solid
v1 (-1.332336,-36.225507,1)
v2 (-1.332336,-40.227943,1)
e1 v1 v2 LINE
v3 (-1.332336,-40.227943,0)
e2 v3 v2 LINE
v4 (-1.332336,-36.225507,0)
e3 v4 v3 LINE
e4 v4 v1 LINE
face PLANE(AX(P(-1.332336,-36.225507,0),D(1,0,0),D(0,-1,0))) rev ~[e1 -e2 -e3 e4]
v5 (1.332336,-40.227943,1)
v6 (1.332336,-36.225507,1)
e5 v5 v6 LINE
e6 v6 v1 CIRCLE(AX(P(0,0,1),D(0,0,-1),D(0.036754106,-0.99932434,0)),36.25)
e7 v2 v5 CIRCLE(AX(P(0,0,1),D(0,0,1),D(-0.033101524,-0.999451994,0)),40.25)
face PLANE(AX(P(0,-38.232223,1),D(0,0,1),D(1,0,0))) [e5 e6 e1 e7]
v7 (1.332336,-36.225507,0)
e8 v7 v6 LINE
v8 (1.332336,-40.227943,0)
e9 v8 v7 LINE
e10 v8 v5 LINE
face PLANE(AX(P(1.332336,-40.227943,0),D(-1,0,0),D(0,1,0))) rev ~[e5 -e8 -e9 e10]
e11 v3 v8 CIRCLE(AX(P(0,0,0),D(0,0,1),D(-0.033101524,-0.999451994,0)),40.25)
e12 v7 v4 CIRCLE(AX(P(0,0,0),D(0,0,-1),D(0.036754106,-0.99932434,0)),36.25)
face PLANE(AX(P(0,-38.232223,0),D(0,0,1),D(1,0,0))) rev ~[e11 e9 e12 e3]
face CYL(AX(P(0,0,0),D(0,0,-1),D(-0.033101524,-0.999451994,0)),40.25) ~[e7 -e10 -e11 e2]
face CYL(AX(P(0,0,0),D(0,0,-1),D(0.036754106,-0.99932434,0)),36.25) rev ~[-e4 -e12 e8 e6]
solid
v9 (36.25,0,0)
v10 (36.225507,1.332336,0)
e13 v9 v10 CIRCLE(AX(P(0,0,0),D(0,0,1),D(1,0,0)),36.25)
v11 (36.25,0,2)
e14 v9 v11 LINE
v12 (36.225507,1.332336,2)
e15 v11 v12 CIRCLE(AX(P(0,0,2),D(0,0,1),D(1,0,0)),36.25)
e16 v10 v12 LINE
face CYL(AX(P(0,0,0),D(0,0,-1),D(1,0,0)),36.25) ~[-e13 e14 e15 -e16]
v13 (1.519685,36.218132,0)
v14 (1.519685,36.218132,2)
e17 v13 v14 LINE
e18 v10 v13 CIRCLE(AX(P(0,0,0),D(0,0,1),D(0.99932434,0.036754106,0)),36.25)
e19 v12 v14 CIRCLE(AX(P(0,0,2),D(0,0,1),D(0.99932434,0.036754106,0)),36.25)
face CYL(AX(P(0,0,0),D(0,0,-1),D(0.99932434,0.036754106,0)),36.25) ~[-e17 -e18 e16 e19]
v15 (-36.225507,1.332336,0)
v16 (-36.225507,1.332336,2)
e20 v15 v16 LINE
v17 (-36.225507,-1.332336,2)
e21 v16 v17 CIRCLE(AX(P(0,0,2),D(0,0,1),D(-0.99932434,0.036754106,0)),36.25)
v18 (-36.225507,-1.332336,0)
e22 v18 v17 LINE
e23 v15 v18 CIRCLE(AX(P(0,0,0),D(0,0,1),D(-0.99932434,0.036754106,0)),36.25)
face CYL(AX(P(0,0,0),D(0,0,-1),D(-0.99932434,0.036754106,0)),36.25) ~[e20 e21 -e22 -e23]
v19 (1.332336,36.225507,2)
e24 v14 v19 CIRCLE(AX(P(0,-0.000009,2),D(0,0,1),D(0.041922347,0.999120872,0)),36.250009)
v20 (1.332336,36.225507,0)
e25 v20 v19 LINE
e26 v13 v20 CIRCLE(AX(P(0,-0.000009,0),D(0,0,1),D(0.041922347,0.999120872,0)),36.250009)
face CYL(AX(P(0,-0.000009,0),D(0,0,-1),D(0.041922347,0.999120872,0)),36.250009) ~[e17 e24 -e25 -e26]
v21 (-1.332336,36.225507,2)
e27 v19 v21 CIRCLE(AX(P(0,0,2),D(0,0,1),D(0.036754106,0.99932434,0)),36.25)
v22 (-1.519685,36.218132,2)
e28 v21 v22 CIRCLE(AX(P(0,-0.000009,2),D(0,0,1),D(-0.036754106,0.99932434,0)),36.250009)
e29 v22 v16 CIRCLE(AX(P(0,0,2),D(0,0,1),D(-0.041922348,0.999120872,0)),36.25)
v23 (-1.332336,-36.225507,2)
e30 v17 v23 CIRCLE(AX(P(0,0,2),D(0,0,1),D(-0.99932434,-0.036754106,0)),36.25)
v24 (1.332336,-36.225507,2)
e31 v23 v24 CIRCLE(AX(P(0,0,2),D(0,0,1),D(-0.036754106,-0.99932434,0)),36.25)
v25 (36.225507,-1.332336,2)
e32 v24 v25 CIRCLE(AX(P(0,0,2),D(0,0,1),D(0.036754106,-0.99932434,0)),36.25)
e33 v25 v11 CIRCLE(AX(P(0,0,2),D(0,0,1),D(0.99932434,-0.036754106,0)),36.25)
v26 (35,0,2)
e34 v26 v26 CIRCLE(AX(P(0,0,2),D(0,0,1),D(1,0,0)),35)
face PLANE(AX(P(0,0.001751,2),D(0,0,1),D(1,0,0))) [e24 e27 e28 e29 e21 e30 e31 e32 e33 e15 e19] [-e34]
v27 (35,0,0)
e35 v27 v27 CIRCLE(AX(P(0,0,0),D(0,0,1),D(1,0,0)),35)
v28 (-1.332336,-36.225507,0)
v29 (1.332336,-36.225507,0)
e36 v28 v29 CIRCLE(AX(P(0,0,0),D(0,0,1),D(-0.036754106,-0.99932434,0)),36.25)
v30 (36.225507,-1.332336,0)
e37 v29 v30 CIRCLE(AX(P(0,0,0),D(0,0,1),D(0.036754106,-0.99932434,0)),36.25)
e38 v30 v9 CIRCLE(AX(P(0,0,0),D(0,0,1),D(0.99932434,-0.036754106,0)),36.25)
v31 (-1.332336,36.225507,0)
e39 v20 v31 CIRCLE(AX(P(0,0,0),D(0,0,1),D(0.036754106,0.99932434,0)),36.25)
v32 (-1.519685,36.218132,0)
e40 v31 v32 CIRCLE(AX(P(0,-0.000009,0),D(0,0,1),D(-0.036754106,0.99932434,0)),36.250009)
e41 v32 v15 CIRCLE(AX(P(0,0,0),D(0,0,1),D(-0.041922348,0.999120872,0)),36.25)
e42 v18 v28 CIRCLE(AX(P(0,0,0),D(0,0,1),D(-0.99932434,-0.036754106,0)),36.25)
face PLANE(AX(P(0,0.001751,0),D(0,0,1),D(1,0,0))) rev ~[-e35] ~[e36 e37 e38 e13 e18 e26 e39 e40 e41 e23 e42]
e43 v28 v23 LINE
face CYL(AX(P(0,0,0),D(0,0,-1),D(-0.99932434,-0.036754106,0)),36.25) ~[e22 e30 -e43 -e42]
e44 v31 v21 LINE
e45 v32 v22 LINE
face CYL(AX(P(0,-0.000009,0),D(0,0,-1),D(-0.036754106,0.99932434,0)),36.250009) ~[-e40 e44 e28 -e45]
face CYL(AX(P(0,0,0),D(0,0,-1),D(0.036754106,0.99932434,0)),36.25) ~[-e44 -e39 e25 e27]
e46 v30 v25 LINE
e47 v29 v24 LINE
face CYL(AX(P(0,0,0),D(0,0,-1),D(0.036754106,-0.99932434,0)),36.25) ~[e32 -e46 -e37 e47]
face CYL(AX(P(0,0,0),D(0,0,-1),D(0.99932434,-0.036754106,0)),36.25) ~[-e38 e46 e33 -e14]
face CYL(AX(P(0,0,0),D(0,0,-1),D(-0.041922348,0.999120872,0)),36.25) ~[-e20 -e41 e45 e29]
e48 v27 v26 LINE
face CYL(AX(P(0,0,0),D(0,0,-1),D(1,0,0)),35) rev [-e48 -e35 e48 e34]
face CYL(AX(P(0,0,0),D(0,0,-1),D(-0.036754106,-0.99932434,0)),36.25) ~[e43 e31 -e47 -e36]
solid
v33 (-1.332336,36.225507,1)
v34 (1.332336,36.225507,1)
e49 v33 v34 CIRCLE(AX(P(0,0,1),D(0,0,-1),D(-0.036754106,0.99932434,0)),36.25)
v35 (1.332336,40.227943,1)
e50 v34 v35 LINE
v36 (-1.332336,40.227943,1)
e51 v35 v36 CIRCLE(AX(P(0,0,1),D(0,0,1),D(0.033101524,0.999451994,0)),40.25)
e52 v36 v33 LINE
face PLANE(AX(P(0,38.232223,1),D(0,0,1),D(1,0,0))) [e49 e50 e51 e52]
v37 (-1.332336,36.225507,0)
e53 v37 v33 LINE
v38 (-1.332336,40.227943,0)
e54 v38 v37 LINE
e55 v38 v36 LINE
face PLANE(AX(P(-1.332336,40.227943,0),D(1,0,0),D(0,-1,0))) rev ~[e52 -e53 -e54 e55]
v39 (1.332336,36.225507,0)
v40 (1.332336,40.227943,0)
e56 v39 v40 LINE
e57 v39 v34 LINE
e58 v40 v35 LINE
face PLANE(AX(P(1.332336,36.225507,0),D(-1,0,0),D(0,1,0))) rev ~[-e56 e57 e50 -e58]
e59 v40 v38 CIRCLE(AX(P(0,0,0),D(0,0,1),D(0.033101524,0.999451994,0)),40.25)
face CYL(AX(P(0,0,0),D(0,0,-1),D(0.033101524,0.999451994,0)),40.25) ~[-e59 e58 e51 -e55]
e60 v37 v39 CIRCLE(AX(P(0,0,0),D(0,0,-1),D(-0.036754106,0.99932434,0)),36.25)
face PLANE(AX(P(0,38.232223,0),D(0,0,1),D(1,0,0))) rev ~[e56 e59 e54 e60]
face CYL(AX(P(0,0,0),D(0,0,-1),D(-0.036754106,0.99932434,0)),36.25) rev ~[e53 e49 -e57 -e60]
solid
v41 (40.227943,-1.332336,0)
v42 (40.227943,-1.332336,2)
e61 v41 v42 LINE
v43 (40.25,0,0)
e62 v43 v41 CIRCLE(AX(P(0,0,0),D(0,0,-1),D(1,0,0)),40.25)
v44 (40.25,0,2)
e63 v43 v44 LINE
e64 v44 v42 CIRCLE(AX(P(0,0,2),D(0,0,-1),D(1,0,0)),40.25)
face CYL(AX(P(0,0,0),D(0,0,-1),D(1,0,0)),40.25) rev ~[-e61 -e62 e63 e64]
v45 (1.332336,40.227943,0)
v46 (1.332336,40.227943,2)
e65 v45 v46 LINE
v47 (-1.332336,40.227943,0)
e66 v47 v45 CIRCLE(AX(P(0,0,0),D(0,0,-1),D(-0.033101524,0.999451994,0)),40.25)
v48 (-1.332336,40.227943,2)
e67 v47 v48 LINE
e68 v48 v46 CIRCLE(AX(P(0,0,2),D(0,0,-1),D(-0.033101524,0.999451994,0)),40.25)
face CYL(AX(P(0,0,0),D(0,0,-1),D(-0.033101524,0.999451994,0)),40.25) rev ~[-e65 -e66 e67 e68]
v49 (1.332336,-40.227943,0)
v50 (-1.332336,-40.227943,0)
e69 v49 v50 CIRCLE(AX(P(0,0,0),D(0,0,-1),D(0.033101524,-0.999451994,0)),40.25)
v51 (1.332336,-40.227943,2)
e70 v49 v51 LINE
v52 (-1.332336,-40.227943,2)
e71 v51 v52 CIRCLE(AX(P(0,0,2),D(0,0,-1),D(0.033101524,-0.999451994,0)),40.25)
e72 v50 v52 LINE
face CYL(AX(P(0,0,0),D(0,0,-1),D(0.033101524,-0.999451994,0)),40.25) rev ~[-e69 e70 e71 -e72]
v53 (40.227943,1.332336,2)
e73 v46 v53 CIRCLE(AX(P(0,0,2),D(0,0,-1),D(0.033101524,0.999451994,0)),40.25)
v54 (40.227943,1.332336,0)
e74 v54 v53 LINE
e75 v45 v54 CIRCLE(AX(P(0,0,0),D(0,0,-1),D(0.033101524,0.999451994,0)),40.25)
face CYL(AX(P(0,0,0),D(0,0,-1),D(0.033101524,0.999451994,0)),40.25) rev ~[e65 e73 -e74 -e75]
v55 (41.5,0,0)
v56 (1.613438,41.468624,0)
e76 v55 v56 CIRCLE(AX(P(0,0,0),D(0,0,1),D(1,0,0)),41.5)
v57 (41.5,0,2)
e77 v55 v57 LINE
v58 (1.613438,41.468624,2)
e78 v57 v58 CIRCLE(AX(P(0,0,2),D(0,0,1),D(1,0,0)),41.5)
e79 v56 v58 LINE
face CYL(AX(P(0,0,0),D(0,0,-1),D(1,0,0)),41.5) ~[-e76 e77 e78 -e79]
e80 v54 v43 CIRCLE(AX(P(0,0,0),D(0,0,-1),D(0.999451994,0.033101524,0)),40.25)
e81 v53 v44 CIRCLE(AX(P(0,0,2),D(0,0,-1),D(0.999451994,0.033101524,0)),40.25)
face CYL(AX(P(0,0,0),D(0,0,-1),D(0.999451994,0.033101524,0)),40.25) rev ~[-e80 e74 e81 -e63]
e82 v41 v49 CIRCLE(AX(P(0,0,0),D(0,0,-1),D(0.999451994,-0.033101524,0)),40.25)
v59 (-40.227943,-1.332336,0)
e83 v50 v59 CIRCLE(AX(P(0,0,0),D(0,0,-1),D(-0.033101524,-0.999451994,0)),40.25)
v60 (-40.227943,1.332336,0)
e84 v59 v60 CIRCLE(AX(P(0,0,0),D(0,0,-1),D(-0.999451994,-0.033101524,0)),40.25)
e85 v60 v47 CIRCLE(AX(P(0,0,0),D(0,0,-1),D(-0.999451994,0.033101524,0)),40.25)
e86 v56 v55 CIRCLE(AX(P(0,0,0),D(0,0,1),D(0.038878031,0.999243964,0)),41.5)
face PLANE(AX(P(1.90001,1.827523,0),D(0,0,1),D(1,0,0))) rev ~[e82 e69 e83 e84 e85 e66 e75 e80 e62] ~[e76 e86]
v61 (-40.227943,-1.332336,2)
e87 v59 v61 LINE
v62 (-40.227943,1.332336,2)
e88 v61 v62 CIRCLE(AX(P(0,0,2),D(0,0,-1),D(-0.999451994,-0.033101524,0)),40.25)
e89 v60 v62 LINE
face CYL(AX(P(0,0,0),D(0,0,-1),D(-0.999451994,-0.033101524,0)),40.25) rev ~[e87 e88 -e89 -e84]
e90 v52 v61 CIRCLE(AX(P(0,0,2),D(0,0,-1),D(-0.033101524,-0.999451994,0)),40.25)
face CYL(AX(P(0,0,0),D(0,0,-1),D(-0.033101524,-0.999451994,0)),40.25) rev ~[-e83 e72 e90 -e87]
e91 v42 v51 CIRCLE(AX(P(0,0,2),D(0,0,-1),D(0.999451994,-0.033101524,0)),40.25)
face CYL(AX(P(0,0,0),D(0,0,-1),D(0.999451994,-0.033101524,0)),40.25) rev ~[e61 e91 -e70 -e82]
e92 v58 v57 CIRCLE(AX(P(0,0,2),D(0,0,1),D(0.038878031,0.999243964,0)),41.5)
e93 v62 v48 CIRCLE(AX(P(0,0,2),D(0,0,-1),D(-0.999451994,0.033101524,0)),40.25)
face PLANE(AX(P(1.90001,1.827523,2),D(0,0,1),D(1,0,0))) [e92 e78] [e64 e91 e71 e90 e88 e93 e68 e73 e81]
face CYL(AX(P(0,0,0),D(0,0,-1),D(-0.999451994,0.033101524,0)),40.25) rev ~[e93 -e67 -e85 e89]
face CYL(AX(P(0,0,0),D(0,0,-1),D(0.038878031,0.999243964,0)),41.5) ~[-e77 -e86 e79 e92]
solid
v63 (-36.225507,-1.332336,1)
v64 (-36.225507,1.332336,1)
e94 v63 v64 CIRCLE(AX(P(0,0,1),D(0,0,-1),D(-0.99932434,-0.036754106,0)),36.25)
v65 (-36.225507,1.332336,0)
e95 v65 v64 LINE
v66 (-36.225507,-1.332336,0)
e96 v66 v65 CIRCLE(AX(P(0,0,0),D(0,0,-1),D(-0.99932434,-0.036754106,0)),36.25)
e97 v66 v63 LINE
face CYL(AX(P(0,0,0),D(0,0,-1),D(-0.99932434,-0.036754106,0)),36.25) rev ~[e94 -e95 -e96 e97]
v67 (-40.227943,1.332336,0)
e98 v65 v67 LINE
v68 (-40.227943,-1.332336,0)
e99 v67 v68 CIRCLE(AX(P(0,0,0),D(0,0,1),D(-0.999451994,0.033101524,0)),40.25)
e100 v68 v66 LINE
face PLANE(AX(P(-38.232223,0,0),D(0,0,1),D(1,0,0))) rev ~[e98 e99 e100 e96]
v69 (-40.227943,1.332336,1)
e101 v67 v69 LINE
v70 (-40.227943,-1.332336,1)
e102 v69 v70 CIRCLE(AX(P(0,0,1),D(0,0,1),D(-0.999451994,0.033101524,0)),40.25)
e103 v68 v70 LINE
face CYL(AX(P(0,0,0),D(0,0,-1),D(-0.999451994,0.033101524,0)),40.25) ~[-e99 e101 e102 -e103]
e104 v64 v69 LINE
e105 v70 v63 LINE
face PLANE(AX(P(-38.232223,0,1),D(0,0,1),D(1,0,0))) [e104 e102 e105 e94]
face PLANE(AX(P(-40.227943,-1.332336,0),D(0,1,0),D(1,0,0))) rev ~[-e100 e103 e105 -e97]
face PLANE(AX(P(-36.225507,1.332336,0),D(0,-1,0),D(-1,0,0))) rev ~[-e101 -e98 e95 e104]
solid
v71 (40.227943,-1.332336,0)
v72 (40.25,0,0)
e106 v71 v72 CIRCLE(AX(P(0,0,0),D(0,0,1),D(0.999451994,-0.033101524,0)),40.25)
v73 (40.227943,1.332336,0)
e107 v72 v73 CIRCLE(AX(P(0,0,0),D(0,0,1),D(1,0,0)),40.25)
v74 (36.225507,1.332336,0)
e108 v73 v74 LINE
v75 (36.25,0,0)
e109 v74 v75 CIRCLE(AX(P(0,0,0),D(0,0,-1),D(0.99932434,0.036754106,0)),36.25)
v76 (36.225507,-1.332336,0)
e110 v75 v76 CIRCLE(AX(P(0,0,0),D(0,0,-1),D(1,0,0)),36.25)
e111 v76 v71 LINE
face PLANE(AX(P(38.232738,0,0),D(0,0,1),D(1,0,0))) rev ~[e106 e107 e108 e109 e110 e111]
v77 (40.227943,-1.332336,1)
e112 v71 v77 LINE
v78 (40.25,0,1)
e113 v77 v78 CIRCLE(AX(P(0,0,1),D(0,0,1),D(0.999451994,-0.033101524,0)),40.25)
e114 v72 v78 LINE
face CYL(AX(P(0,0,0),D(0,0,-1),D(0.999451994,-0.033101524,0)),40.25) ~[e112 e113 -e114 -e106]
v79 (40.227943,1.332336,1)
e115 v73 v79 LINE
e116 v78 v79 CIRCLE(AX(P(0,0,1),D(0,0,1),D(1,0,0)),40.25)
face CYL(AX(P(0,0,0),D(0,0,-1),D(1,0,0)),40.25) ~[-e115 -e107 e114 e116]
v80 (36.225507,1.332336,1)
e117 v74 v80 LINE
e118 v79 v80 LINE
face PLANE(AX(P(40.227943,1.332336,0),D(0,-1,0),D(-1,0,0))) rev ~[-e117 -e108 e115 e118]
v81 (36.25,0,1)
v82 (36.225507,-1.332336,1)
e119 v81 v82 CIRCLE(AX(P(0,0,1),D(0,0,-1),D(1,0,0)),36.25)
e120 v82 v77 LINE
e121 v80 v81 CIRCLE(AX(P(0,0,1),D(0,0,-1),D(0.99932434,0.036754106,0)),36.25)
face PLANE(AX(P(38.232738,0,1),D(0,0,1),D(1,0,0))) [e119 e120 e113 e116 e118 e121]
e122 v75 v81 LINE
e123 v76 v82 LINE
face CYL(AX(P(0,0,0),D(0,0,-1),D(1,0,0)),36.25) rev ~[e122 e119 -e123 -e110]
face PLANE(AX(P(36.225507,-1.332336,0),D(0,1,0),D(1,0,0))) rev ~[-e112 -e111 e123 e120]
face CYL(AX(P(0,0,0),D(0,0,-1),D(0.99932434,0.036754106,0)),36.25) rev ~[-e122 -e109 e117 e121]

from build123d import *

# Parameters (mm, degrees)
F1_DEPTH = 2
F0_R     = 35
F0_W     = 2.6646726765
F0_H     = 1.0178747537
F2_DEPTH = 1


with BuildPart() as f1:
    # F0 (on Top) → F1 (new body)
    with BuildSketch(Plane.XY):
        with BuildLine():
            ThreePointArc((1.6134383026, 41.468624487), (-29.9099288662, -28.7688400048), (41.5, 0))
            ThreePointArc((41.5, 0), (29.9099288662, 28.7688400048), (1.6134383026, 41.468624487))
        make_face()
        with BuildLine():
            ThreePointArc((1.3323363382, 40.2279427747), (28.4610479428, 28.4610479428), (40.2279427747, 1.3323363382))
            Line((40.2279427747, 1.3323363382), (40.8782474697, 1.3323363382))
            Line((40.8782474697, 1.3323363382), (40.8782474697, -1.3323363382))
            Line((40.8782474697, -1.3323363382), (40.2279427747, -1.3323363382))
            ThreePointArc((40.2279427747, -1.3323363382), (28.4610479428, -28.4610479428), (1.3323363382, -40.2279427747))
            Line((1.3323363382, -40.2279427747), (1.3323363382, -40.8782474697))
            Line((1.3323363382, -40.8782474697), (-1.3323363382, -40.8782474697))
            Line((-1.3323363382, -40.8782474697), (-1.3323363382, -40.2279427747))
            ThreePointArc((-1.3323363382, -40.2279427747), (-28.4610479428, -28.4610479428), (-40.2279427747, -1.3323363382))
            Line((-40.2279427747, -1.3323363382), (-40.8782474697, -1.3323363382))
            Line((-40.8782474697, -1.3323363382), (-40.8782474697, 1.3323363382))
            Line((-40.8782474697, 1.3323363382), (-40.2279427747, 1.3323363382))
            ThreePointArc((-40.2279427747, 1.3323363382), (-28.4610479428, 28.4610479428), (-1.3323363382, 40.2279427747))
            Line((-1.3323363382, 40.2279427747), (-1.3323363382, 40.8782474697))
            Line((-1.3323363382, 40.8782474697), (1.3323363382, 40.8782474697))
            Line((1.3323363382, 40.8782474697), (1.3323363382, 40.2279427747))
        make_face(mode=Mode.SUBTRACT)
        with BuildLine():
            ThreePointArc((-40.2279427747, -1.3323363382), (-40.25, 0), (-40.2279427747, 1.3323363382))
            Line((-40.2279427747, 1.3323363382), (-40.8782474697, 1.3323363382))
            Line((-40.8782474697, 1.3323363382), (-40.8782474697, -1.3323363382))
            Line((-40.8782474697, -1.3323363382), (-40.2279427747, -1.3323363382))
        make_face()
        with BuildLine():
            ThreePointArc((-1.3323363382, 40.2279427747), (0, 40.25), (1.3323363382, 40.2279427747))
            Line((1.3323363382, 40.2279427747), (1.3323363382, 40.8782474697))
            Line((1.3323363382, 40.8782474697), (-1.3323363382, 40.8782474697))
            Line((-1.3323363382, 40.8782474697), (-1.3323363382, 40.2279427747))
        make_face()
        with BuildLine():
            Line((1.3323363382, -40.8782474697), (1.3323363382, -40.2279427747))
            ThreePointArc((1.3323363382, -40.2279427747), (0, -40.25), (-1.3323363382, -40.2279427747))
            Line((-1.3323363382, -40.2279427747), (-1.3323363382, -40.8782474697))
            Line((-1.3323363382, -40.8782474697), (1.3323363382, -40.8782474697))
        make_face()
        with BuildLine():
            Line((40.8782474697, 1.3323363382), (40.2279427747, 1.3323363382))
            ThreePointArc((40.2279427747, 1.3323363382), (40.2444853159, 0.6662594538), (40.25, 0))
            ThreePointArc((40.25, 0), (40.2444853159, -0.6662594538), (40.2279427747, -1.3323363382))
            Line((40.2279427747, -1.3323363382), (40.8782474697, -1.3323363382))
            Line((40.8782474697, -1.3323363382), (40.8782474697, 1.3323363382))
        make_face()
    extrude(amount=F1_DEPTH)


with BuildPart() as f1b:
    # F0 (on Top) → F1, piece 2 (new body)
    with BuildSketch(Plane.XY):
        with BuildLine():
            Line((35.2002568543, 1.3323363382), (36.2255073102, 1.3323363382))
            ThreePointArc((36.2255073102, 1.3323363382), (25.6988242062, 25.5662459978), (1.5196851084, 36.218131608))
            Line((1.5196851084, 36.218131608), (1.3323363382, 36.218131608))
            Line((1.3323363382, 36.218131608), (1.3323363382, 35.2002568543))
            Line((1.3323363382, 35.2002568543), (-1.3323363382, 35.2002568543))
            Line((-1.3323363382, 35.2002568543), (-1.3323363382, 36.218131608))
            Line((-1.3323363382, 36.218131608), (-1.5196851084, 36.218131608))
            ThreePointArc((-1.5196851084, 36.218131608), (-25.6988242062, 25.5662459978), (-36.2255073102, 1.3323363382))
            Line((-36.2255073102, 1.3323363382), (-35.2002568543, 1.3323363382))
            Line((-35.2002568543, 1.3323363382), (-35.2002568543, -1.3323363382))
            Line((-35.2002568543, -1.3323363382), (-36.2255073102, -1.3323363382))
            ThreePointArc((-36.2255073102, -1.3323363382), (-25.632620818, -25.632620818), (-1.3323363382, -36.2255073102))
            Line((-1.3323363382, -36.2255073102), (-1.3323363382, -35.2002568543))
            Line((-1.3323363382, -35.2002568543), (1.3323363382, -35.2002568543))
            Line((1.3323363382, -35.2002568543), (1.3323363382, -36.2255073102))
            ThreePointArc((1.3323363382, -36.2255073102), (25.632620818, -25.632620818), (36.2255073102, -1.3323363382))
            Line((36.2255073102, -1.3323363382), (35.2002568543, -1.3323363382))
            Line((35.2002568543, -1.3323363382), (35.2002568543, 1.3323363382))
        make_face()
        Circle(F0_R, mode=Mode.SUBTRACT)
        with BuildLine():
            ThreePointArc((36.2255073102, -1.3323363382), (36.2438763103, -0.6662807235), (36.25, 0))
            ThreePointArc((36.25, 0), (36.2438763103, 0.6662807235), (36.2255073102, 1.3323363382))
            Line((36.2255073102, 1.3323363382), (35.2002568543, 1.3323363382))
            Line((35.2002568543, 1.3323363382), (35.2002568543, -1.3323363382))
            Line((35.2002568543, -1.3323363382), (36.2255073102, -1.3323363382))
        make_face()
        with BuildLine():
            ThreePointArc((-36.2255073102, 1.3323363382), (-36.25, 0), (-36.2255073102, -1.3323363382))
            Line((-36.2255073102, -1.3323363382), (-35.2002568543, -1.3323363382))
            Line((-35.2002568543, -1.3323363382), (-35.2002568543, 1.3323363382))
            Line((-35.2002568543, 1.3323363382), (-36.2255073102, 1.3323363382))
        make_face()
        with BuildLine():
            ThreePointArc((-1.3323363382, -36.2255073102), (0, -36.25), (1.3323363382, -36.2255073102))
            Line((1.3323363382, -36.2255073102), (1.3323363382, -35.2002568543))
            Line((1.3323363382, -35.2002568543), (-1.3323363382, -35.2002568543))
            Line((-1.3323363382, -35.2002568543), (-1.3323363382, -36.2255073102))
        make_face()
        with Locations((0, 35.7091942311)):
            Rectangle(F0_W, F0_H)
        with BuildLine():
            Line((1.3323363382, 36.218131608), (1.3323363382, 36.2255073102))
            ThreePointArc((1.3323363382, 36.2255073102), (0, 36.25), (-1.3323363382, 36.2255073102))
            Line((-1.3323363382, 36.2255073102), (-1.3323363382, 36.218131608))
            Line((-1.3323363382, 36.218131608), (1.3323363382, 36.218131608))
        make_face()
        with BuildLine():
            Line((-1.3323363382, 36.218131608), (-1.3323363382, 36.2255073102))
            ThreePointArc((-1.3323363382, 36.2255073102), (-1.426015492, 36.221940586), (-1.5196851084, 36.218131608))
            Line((-1.5196851084, 36.218131608), (-1.3323363382, 36.218131608))
        make_face()
        with BuildLine():
            Line((1.3323363382, 36.218131608), (1.5196851084, 36.218131608))
            ThreePointArc((1.5196851084, 36.218131608), (1.426015492, 36.221940586), (1.3323363382, 36.2255073102))
            Line((1.3323363382, 36.2255073102), (1.3323363382, 36.218131608))
        make_face()
    extrude(amount=F1_DEPTH)


with BuildPart() as f2:
    # F0 (on Top) → F2 (new body)
    with BuildSketch(Plane.XY):
        with BuildLine():
            ThreePointArc((-1.3323363382, 36.2255073102), (0, 36.25), (1.3323363382, 36.2255073102))
            Line((1.3323363382, 36.2255073102), (1.3323363382, 40.2279427747))
            ThreePointArc((1.3323363382, 40.2279427747), (0, 40.25), (-1.3323363382, 40.2279427747))
            Line((-1.3323363382, 40.2279427747), (-1.3323363382, 36.2255073102))
        make_face()
    extrude(amount=F2_DEPTH)


with BuildPart() as f2b:
    # F0 (on Top) → F2, piece 2 (new body)
    with BuildSketch(Plane.XY):
        with BuildLine():
            ThreePointArc((36.2255073102, 1.3323363382), (36.2438763103, 0.6662807235), (36.25, 0))
            ThreePointArc((36.25, 0), (36.2438763103, -0.6662807235), (36.2255073102, -1.3323363382))
            Line((36.2255073102, -1.3323363382), (40.2279427747, -1.3323363382))
            ThreePointArc((40.2279427747, -1.3323363382), (40.2444853159, -0.6662594538), (40.25, 0))
            ThreePointArc((40.25, 0), (40.2444853159, 0.6662594538), (40.2279427747, 1.3323363382))
            Line((40.2279427747, 1.3323363382), (36.2255073102, 1.3323363382))
        make_face()
    extrude(amount=F2_DEPTH)


with BuildPart() as f2c:
    # F0 (on Top) → F2, piece 3 (new body)
    with BuildSketch(Plane.XY):
        with BuildLine():
            Line((1.3323363382, -40.2279427747), (1.3323363382, -36.2255073102))
            ThreePointArc((1.3323363382, -36.2255073102), (0, -36.25), (-1.3323363382, -36.2255073102))
            Line((-1.3323363382, -36.2255073102), (-1.3323363382, -40.2279427747))
            ThreePointArc((-1.3323363382, -40.2279427747), (0, -40.25), (1.3323363382, -40.2279427747))
        make_face()
    extrude(amount=F2_DEPTH)


with BuildPart() as f2d:
    # F0 (on Top) → F2, piece 4 (new body)
    with BuildSketch(Plane.XY):
        with BuildLine():
            Line((-40.2279427747, -1.3323363382), (-36.2255073102, -1.3323363382))
            ThreePointArc((-36.2255073102, -1.3323363382), (-36.25, 0), (-36.2255073102, 1.3323363382))
            Line((-36.2255073102, 1.3323363382), (-40.2279427747, 1.3323363382))
            ThreePointArc((-40.2279427747, 1.3323363382), (-40.25, 0), (-40.2279427747, -1.3323363382))
        make_face()
    extrude(amount=F2_DEPTH)


solid = Compound([f1.part, f1b.part, f2.part, f2b.part, f2c.part, f2d.part])
